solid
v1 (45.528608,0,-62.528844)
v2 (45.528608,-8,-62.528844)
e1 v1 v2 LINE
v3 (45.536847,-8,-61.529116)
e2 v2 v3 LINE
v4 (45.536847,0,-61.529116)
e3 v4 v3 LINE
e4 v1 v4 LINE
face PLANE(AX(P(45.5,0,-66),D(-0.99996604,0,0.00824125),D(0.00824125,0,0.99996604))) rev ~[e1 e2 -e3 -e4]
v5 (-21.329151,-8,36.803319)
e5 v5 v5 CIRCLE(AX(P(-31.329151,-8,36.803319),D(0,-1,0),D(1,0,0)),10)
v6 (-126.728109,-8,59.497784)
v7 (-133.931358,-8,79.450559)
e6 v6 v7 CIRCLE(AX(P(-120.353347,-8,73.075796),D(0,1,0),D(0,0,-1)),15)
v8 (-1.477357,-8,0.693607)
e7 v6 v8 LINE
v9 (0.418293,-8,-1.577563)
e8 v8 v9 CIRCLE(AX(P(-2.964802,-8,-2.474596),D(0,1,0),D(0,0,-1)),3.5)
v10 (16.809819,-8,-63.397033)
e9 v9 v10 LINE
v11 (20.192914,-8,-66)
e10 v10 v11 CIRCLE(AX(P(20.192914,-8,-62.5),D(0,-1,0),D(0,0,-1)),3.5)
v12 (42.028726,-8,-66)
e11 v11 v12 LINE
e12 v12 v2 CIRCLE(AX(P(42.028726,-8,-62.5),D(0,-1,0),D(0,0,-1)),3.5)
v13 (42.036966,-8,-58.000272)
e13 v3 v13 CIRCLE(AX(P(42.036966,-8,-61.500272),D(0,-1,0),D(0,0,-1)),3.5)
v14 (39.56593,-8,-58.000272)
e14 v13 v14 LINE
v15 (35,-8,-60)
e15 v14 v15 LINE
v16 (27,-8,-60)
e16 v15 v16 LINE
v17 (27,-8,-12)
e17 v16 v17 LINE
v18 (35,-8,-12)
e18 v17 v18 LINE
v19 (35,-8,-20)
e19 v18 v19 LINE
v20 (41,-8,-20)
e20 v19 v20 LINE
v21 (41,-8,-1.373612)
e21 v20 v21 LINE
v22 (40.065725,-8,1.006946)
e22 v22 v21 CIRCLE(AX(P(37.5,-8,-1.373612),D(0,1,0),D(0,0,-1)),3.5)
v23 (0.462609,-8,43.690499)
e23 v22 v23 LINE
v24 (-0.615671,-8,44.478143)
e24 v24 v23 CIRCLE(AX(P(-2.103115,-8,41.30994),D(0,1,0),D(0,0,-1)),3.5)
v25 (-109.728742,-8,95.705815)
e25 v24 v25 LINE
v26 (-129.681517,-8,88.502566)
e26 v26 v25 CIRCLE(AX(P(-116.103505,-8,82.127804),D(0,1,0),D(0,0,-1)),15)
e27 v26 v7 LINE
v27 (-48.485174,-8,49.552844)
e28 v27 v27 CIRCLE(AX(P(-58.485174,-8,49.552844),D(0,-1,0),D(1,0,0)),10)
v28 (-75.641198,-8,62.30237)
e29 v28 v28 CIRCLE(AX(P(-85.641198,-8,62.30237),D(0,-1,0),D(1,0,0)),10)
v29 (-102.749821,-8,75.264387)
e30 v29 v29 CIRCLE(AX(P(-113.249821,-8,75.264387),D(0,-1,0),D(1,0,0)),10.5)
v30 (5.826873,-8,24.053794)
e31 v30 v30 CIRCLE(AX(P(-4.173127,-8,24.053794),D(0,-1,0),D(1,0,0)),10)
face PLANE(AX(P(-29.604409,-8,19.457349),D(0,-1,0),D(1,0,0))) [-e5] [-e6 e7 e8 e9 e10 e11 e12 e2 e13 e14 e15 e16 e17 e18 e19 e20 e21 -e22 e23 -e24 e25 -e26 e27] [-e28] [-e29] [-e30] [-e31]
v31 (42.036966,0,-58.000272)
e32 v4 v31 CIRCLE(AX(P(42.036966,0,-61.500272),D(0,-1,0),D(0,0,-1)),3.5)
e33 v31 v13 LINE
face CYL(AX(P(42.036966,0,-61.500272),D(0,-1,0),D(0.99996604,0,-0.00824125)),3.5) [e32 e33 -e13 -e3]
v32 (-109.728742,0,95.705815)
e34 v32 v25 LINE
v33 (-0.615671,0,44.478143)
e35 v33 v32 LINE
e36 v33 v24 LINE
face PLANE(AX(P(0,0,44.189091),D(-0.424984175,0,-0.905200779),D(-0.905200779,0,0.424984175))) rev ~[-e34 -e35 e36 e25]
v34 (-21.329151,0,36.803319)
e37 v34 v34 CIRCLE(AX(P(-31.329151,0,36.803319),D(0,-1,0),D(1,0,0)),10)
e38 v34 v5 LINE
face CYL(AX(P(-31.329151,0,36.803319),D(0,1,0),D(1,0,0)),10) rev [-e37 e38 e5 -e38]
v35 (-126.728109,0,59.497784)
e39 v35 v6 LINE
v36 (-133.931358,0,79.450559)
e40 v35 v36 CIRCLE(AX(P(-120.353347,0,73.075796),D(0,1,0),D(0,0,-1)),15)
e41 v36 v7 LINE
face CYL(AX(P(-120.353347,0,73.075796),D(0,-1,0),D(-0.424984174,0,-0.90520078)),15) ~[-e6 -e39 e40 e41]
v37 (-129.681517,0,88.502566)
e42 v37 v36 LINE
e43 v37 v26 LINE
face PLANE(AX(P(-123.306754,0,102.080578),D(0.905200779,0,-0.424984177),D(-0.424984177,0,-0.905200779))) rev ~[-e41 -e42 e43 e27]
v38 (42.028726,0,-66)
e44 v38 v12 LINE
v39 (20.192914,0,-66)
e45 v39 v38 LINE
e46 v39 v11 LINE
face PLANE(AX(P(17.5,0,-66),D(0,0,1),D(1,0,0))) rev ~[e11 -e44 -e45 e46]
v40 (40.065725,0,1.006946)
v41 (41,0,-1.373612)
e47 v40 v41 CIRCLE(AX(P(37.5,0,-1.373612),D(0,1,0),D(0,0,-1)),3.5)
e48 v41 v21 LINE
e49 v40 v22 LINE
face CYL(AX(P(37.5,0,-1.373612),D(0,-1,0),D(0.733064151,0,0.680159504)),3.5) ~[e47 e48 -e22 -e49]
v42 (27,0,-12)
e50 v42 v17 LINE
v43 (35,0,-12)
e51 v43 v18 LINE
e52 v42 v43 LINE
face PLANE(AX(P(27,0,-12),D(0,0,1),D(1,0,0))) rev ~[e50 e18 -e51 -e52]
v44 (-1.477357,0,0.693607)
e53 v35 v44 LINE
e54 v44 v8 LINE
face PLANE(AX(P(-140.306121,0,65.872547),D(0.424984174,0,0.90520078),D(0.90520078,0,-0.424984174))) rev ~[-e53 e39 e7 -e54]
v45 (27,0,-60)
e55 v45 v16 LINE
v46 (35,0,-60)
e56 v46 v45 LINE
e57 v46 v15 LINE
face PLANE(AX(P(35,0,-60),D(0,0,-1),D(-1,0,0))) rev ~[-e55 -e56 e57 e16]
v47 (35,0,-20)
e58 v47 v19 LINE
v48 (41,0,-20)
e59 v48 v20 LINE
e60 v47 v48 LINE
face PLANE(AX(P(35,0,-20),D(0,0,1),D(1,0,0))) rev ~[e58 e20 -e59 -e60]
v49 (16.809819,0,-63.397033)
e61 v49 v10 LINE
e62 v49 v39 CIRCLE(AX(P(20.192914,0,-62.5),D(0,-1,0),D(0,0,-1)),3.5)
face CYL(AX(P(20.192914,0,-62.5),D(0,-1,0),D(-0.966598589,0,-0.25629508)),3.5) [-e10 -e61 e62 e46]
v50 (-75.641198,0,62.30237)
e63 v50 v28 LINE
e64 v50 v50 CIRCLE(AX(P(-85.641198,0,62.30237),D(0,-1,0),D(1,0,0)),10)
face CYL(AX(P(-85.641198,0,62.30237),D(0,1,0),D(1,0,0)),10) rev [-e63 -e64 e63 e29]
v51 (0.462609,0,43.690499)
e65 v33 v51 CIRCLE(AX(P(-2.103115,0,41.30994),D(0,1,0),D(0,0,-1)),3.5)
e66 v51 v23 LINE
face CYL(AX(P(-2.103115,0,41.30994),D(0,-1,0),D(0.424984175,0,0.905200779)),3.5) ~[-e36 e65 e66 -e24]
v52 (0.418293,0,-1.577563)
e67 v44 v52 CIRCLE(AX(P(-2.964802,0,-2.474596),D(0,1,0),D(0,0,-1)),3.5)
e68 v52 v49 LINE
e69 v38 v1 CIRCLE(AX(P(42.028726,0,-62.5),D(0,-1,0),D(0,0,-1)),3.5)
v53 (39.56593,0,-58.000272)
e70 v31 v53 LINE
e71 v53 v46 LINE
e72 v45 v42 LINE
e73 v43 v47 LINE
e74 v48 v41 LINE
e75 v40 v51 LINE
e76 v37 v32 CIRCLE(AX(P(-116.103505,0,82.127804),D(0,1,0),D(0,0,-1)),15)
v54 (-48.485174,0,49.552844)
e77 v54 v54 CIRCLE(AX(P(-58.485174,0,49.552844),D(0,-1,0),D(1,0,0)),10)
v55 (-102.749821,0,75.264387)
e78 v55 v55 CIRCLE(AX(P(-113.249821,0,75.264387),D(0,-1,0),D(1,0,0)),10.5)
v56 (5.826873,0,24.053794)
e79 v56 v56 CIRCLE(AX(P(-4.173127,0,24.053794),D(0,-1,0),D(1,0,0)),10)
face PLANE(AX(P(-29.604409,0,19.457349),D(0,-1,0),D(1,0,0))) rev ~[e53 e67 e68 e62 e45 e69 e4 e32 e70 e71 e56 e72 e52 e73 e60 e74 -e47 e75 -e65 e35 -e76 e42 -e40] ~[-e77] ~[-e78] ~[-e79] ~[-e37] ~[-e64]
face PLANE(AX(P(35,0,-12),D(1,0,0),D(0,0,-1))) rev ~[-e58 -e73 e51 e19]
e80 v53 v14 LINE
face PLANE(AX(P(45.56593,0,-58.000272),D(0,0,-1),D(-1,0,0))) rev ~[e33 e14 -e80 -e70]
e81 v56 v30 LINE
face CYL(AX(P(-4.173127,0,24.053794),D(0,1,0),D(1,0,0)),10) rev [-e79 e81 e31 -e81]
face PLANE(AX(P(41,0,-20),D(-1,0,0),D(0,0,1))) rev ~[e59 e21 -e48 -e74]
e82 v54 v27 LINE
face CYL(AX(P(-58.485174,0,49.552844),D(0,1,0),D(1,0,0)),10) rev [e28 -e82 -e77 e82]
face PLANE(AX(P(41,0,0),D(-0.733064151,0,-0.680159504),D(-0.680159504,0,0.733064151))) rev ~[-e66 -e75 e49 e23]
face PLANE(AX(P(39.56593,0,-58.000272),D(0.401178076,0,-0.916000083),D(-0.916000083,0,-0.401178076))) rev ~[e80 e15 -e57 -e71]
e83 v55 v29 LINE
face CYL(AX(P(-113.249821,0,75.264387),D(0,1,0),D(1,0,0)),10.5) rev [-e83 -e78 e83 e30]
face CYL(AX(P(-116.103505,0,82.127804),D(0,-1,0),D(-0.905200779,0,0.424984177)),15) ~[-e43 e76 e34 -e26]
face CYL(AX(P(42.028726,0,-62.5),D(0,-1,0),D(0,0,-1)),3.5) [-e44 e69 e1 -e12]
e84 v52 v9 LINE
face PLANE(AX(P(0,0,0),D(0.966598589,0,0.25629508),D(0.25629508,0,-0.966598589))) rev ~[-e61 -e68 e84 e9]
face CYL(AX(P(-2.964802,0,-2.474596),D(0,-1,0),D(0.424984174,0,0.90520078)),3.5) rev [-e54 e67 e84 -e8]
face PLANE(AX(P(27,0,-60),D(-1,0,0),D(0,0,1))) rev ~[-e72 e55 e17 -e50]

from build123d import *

# Parameters (mm, degrees)
F0_R     = 10
F0_R_2   = 10.5
F1_DEPTH = 8
F2_R     = 15
F3_R     = 3.5


with BuildPart() as f1:
    # F0 (on Front) → F1 (new body)
    with BuildSketch(Plane.XZ):
        Polygon((-140.306121, 65.872547), (0, 0), (17.5, -66), (45.5, -66), (45.56593, -58.000272), (39.56593, -58.000272), (35, -60), (27, -60), (27, -12), (35, -12), (35, -20), (41, -20), (41, 0), (0, 44.189091), (-123.306754, 102.080578), align=None)
        with Locations((-58.485174, 49.552844)):
            Circle(F0_R, mode=Mode.SUBTRACT)
        with Locations((-113.249821, 75.264387)):
            Circle(F0_R_2, mode=Mode.SUBTRACT)
        with Locations((-85.641198, 62.30237)):
            Circle(F0_R, mode=Mode.SUBTRACT)
        with Locations((-31.329151, 36.803319)):
            Circle(F0_R, mode=Mode.SUBTRACT)
        with Locations((-4.173127, 24.053794)):
            Circle(F0_R, mode=Mode.SUBTRACT)
    extrude(amount=F1_DEPTH)

    # F2
    f2_edges = [f1.edges().sort_by_distance(p)[0] for p in [
        (-123.306754, -4, 102.080578),
        (-140.306121, -4, 65.872547),
    ]]
    fillet(f2_edges, radius=F2_R)

    # F3
    f3_edges = [f1.edges().sort_by_distance(p)[0] for p in [
        (0, -4, 0),
        (41, -4, 0),
        (0, -4, 44.189091),
        (45.56593, -4, -58.000272),
        (45.5, -4, -66),
        (17.5, -4, -66),
    ]]
    fillet(f3_edges, radius=F3_R)


solid = f1.part
